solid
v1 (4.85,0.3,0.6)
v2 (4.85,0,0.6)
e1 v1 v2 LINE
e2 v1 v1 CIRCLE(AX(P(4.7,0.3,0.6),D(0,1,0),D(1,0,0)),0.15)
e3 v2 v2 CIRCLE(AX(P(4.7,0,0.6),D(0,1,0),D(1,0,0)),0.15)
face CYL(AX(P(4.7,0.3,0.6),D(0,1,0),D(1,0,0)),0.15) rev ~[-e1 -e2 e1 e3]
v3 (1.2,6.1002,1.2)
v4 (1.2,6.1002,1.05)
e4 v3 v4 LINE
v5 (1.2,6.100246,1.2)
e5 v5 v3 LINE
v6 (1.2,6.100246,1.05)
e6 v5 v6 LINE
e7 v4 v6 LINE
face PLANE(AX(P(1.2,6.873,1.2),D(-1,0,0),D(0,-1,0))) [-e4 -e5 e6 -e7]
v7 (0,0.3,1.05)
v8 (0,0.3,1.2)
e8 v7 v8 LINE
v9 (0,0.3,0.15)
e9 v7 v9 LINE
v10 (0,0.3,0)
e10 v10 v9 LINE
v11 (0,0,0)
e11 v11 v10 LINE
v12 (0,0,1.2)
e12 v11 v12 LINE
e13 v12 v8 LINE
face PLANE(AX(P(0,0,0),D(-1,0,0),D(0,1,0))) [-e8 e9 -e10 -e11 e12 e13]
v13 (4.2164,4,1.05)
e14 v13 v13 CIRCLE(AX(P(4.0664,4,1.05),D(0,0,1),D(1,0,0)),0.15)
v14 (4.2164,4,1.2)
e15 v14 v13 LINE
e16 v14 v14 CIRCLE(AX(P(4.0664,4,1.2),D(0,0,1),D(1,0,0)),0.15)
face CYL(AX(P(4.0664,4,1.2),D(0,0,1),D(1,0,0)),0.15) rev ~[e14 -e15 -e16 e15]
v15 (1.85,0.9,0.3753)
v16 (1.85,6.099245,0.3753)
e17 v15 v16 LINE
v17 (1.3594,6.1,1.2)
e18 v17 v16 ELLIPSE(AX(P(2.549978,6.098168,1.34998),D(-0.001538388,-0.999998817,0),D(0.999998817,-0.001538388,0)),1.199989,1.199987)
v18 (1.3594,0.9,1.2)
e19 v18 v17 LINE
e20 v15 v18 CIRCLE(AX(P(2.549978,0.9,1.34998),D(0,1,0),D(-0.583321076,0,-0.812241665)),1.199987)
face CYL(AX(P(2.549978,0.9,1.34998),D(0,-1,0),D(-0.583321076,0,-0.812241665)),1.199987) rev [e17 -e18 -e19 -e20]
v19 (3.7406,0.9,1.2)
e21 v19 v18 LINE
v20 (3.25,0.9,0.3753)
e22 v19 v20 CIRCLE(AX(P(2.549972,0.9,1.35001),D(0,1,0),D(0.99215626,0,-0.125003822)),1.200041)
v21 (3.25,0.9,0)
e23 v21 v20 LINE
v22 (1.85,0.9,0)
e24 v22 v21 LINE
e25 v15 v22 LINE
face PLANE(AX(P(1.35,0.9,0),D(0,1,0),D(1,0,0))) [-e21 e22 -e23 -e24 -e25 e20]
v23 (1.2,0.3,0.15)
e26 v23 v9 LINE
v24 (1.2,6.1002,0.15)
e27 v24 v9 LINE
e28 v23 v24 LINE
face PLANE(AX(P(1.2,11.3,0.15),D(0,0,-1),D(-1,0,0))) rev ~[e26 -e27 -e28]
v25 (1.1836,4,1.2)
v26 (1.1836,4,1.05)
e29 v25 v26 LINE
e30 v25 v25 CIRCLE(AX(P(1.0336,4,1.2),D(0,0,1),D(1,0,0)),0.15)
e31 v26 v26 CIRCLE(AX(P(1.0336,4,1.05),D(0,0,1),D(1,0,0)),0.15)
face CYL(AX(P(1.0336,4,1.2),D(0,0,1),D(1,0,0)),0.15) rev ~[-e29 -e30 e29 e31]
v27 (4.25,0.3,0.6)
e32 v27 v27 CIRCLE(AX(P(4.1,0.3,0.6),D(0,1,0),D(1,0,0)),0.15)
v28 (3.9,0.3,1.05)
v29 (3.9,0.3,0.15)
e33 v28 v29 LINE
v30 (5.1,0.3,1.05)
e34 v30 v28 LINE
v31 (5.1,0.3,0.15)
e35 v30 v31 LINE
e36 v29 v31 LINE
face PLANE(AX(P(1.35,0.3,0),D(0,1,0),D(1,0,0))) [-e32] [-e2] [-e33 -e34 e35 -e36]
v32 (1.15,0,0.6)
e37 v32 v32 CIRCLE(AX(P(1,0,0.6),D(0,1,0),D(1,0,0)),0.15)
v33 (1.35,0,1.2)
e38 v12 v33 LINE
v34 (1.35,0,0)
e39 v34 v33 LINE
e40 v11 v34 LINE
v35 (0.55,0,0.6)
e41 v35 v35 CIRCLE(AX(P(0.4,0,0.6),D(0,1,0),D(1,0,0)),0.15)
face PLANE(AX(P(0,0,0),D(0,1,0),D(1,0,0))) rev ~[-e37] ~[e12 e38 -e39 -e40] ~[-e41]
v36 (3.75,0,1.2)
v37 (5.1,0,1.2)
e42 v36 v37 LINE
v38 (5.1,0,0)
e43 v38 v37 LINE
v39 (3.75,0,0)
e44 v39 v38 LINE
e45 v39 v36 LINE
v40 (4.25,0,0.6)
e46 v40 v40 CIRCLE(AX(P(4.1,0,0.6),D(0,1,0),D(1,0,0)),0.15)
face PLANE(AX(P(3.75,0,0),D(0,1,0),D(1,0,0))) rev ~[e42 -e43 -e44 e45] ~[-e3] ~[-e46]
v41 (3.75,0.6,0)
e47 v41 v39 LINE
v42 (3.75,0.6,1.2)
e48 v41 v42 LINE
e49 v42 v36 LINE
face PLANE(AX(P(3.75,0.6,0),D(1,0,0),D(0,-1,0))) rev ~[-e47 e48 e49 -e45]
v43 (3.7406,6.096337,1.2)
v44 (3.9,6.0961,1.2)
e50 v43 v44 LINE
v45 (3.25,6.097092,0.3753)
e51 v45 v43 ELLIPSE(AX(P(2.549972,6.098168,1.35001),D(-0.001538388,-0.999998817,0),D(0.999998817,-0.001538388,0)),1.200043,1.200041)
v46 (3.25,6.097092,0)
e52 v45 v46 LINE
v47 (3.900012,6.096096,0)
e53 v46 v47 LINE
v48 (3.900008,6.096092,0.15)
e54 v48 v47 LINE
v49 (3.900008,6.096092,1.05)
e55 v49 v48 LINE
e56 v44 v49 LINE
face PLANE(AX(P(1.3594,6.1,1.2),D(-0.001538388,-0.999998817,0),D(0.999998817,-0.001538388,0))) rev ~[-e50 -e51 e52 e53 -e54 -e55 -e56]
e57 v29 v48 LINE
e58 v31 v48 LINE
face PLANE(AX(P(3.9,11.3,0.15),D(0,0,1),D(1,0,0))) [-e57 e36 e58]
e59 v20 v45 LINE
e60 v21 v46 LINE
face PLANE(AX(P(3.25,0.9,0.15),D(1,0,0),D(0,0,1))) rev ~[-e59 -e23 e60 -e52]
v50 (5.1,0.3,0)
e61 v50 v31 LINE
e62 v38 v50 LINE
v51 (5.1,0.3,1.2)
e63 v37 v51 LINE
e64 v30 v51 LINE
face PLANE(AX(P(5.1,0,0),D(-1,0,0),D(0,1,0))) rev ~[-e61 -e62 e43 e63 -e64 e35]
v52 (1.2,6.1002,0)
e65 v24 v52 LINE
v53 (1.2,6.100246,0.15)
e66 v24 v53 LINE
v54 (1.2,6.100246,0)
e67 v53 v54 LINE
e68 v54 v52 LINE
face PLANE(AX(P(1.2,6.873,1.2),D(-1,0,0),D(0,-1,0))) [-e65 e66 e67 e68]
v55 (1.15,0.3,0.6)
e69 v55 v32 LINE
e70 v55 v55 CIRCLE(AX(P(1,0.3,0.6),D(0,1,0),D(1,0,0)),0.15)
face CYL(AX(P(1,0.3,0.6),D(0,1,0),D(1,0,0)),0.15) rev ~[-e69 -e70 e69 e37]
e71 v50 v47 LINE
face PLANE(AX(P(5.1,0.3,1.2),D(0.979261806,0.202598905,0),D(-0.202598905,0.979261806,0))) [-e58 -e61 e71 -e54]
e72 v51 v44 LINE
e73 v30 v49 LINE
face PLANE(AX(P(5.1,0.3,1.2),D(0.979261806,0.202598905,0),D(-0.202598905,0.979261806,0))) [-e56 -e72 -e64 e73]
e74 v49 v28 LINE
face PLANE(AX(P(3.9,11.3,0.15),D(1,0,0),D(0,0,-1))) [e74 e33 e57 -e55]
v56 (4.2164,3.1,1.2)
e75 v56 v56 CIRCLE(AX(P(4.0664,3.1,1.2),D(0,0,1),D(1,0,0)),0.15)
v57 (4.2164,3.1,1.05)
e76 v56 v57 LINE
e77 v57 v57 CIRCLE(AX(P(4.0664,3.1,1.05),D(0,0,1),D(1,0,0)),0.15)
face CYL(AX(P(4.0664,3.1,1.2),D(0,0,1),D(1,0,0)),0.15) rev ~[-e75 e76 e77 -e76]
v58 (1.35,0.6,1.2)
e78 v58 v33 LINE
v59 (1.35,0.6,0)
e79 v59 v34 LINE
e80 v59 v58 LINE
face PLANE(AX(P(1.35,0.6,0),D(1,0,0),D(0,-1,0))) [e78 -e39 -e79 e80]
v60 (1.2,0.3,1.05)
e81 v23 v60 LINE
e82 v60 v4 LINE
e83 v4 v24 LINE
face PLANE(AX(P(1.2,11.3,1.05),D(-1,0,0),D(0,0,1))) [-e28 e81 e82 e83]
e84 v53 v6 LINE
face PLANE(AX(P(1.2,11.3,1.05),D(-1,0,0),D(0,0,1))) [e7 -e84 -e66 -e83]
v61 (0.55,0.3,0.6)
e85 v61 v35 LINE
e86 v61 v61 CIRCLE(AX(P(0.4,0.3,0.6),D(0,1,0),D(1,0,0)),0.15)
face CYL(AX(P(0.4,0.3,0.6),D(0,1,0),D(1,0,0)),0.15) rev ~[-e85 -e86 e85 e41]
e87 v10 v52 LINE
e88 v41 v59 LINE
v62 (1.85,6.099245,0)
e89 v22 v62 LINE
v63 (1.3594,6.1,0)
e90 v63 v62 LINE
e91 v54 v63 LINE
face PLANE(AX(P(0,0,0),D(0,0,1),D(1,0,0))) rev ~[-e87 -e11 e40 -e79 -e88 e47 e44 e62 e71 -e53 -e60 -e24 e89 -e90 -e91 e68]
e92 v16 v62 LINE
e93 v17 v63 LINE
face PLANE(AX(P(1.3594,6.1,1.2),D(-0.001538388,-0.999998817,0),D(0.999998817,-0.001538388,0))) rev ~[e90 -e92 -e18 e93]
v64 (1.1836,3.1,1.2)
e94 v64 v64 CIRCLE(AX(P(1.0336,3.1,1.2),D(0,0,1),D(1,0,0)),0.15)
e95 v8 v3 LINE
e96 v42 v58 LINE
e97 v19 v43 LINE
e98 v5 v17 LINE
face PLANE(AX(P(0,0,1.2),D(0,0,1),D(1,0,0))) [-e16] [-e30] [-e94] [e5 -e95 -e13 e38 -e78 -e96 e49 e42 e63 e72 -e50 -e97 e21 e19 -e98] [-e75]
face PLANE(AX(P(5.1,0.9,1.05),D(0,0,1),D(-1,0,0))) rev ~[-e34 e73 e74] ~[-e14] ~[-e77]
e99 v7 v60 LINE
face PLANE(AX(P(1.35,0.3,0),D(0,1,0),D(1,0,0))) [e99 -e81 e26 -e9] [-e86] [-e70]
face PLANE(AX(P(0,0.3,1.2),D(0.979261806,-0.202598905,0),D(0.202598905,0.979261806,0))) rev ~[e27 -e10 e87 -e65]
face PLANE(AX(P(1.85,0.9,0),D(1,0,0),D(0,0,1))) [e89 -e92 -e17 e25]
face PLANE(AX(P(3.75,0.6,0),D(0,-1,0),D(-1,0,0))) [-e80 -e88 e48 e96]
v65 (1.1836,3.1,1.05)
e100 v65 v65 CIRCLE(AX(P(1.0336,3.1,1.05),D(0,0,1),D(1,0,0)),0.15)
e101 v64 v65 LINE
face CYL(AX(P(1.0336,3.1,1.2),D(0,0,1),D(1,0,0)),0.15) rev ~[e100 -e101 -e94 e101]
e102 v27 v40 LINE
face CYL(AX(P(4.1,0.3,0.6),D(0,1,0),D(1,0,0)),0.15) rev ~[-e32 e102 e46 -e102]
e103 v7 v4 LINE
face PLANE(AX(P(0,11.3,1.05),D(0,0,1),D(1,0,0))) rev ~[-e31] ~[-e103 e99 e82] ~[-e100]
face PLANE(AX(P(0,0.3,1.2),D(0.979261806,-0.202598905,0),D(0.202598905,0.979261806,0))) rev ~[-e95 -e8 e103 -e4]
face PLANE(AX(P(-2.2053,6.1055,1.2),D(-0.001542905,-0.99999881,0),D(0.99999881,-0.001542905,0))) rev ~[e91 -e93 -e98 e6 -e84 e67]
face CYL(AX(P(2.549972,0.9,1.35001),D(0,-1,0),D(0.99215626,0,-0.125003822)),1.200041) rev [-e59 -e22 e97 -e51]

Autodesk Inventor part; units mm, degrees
ref_plane "YZ Plane" through (0, 0, 0) normal (1, 0, 0) x (0, 1, 0)
ref_plane "XZ Plane" through (0, 0, 0) normal (0, 1, 0) x (-1, 0, 0)
ref_plane "XY Plane" through (0, 0, 0) normal (0, 0, 1) x (1, 0, 0)
sketch "Boceto1" plane through (0, 0, 0) normal (0, 0, 1) x (1, 0, 0)
  line L0 (0, 0) -> (0, 0.3)
  line L1 (1.35, 0.9) -> (1.35, 11.3)
  line L2 (1.35, 11.3) -> (0, 0.3)
  line L3 (3.75, 0.9) -> (3.75, 11.3)
  line L4 (3.75, 11.3) -> (5.1, 0.3)
  line L5 (5.1, 0) -> (5.1, 0.3)
  line L6 (1.35, 0.9) -> (3.75, 0.9)
  line L7 (3.75, 0.6) -> (1.35, 0.6)
  line L8 (3.75, 0.6) -> (3.75, 0)
  line L9 (1.35, 0.6) -> (1.35, 0)
  line L10 (0, 0) -> (1.35, 0)
  line L11 (3.75, 0) -> (5.1, 0)
  line L12 (1.35, 11.3) -> (1.85, 11.3)
  line L13 (1.85, 11.3) -> (1.85, 0.9)
  line L14 (3.75, 11.3) -> (3.25, 11.3)
  line L15 (3.25, 11.3) -> (3.25, 0.9)
extrude "Extrusión1" add sketch "Boceto1" along normal blind 1.2 contours L0 L2 L1 L6 L3 L4 L5 L11 L8 L7 L9 L10
sketch "Boceto2" plane through (1.35, 0.9, 0) normal (0, 1, 0) x (1, 0, 0)
  line L0 (2.55, 0) -> (-0.15, 0)
  line L1 (-0.15, 0) -> (-0.15, -1.2)
  line L2 (-0.15, -1.2) -> (2.55, -1.2)
  line L3 (2.55, -1.2) -> (2.55, 0)
  line L4 (0, 0) -> (0, -1.2)
  line L5 (2.4, 0) -> (2.4, -1.2)
  line L6 (-0.15, -1.2) -> (-1.35, -1.2)
  line L7 (-1.35, -1.2) -> (-1.35, 0)
  line L8 (-1.35, 0) -> (-0.15, 0)
  line L9 (-0.15, 0) -> (-0.15, -0.15)
  line L10 (-0.15, -0.15) -> (-1.35, -0.15)
  line L11 (-1.35, -1.05) -> (-0.15, -1.05)
  line L12 (2.55, -1.2) -> (3.75, -1.2)
  line L13 (3.75, -1.2) -> (3.75, 0)
  line L14 (3.75, 0) -> (2.55, 0)
  line L15 (2.55, -0.15) -> (3.75, -0.15)
  line L16 (3.75, -1.05) -> (2.55, -1.05)
  line L17 (2.4, 0) -> (1.9, 0)
  line L18 (1.9, 0) -> (1.9, -0.15)
  line L19 (0, 0) -> (0.5, 0)
  line L20 (0.5, 0) -> (0.5, -0.15)
  arc A0 (2.3906, -1.2) -> (1.9, -0.3753) centre (1.2, -1.35) ccw
  line L21 (0, -1.2) -> (0.0094, -1.2)
  line L22 (0.5, -0.15) -> (0.5, -0.3753)
  line L23 (1.9, -0.15) -> (1.9, -0.3753)
  line L24 (2.4, -1.2) -> (2.3906, -1.2)
  arc A1 (0.5, -0.3753) -> (0.0094, -1.2) centre (1.2, -1.35) ccw
  line L25 (0, 0) -> (-1.35, 0) projected
  line L26 (-1.35, 0) -> (-1.35, -1.2) projected
  line L27 (0, -1.2) -> (-1.35, -1.2) projected
  line L28 (0, 0) -> (0, -1.2) projected
  line L29 (3.75, 0) -> (2.4, 0) projected
  line L30 (2.4, 0) -> (2.4, -1.2) projected
  line L31 (3.75, -1.2) -> (2.4, -1.2) projected
  line L32 (3.75, 0) -> (3.75, -1.2) projected
  line L33 (2.4, 0) -> (0, 0) projected
  line L34 (0, 0) -> (0, -1.2) projected
  line L35 (2.4, -1.2) -> (0, -1.2) projected
  line L36 (2.4, 0) -> (2.4, -1.2) projected
extrude "Extrusión2" cut sketch "Boceto2" along normal blind 12 contours L15 L13 L16 L3 | L1 L11 L7 L10
sketch "Boceto3" plane through (1.35, 0.9, 0) normal (0, 1, 0) x (1, 0, 0)
  line L0 (2.55, 0) -> (-0.15, 0)
  line L1 (-0.15, 0) -> (-0.15, -1.2)
  line L2 (-0.15, -1.2) -> (2.55, -1.2)
  line L3 (2.55, -1.2) -> (2.55, 0)
  line L4 (0, 0) -> (0, -1.2)
  line L5 (2.4, 0) -> (2.4, -1.2)
  line L6 (-0.15, -1.2) -> (-1.35, -1.2)
  line L7 (-1.35, -1.2) -> (-1.35, 0)
  line L8 (-1.35, 0) -> (-0.15, 0)
  line L9 (-0.15, 0) -> (-0.15, -0.15)
  line L10 (-0.15, -0.15) -> (-1.35, -0.15)
  line L11 (-1.35, -1.05) -> (-0.15, -1.05)
  line L12 (2.55, -1.2) -> (3.75, -1.2)
  line L13 (3.75, -1.2) -> (3.75, 0)
  line L14 (3.75, 0) -> (2.55, 0)
  line L15 (2.55, -0.15) -> (3.75, -0.15)
  line L16 (3.75, -1.05) -> (2.55, -1.05)
  line L17 (2.4, 0) -> (1.9, 0)
  line L18 (1.9, 0) -> (1.9, -0.15)
  line L19 (0, 0) -> (0.5, 0)
  line L20 (0.5, 0) -> (0.5, -0.15)
  arc A0 (2.3906, -1.2) -> (1.9, -0.3753) centre (1.2, -1.35) ccw
  line L21 (0, -1.2) -> (0.0094, -1.2)
  line L22 (0.5, -0.15) -> (0.5, -0.3753)
  line L23 (1.9, -0.15) -> (1.9, -0.3753)
  line L24 (2.4, -1.2) -> (2.3906, -1.2)
  arc A1 (0.5, -0.3753) -> (0.0094, -1.2) centre (1.2, -1.35) ccw
  line L25 (0, 0) -> (-1.35, 0)
  line L26 (-1.35, 0) -> (-1.35, -1.2)
  line L27 (0, -1.2) -> (-1.35, -1.2)
  line L28 (0, 0) -> (0, -1.2)
  line L29 (3.75, 0) -> (2.4, 0)
  line L30 (2.4, 0) -> (2.4, -1.2)
  line L31 (3.75, -1.2) -> (2.4, -1.2)
  line L32 (3.75, 0) -> (3.75, -1.2)
  line L33 (2.4, 0) -> (0, 0)
  line L34 (0, 0) -> (0, -1.2)
  line L35 (2.4, -1.2) -> (0, -1.2)
  line L36 (2.4, 0) -> (2.4, -1.2)
extrude "Extrusión3" add sketch "Boceto3" along normal blind 10.4 contours L5 L2 A0 L23 L18 L0 | L20 L22 A1 L2 L4 L0
sketch "Boceto4" plane through (1.35, 11.3, 0) normal (0, 1, 0) x (1, 0, 0)
  line L0 (0, 0) -> (0, -1.2) projected
  line L1 (0, -1.2) -> (0.0094, -1.2) projected
  arc A0 (0.5, -0.3753) -> (0.0094, -1.2) centre (1.2, -1.35) ccw projected
  line L2 (0.5, -0.3753) -> (0.5, 0) projected
  line L3 (0.5, 0) -> (0, 0) projected
  line L4 (2.4, 0) -> (1.9, 0) projected
  line L5 (1.9, 0) -> (1.9, -0.3753) projected
  arc A1 (2.3906, -1.2) -> (1.9, -0.3753) centre (1.2, -1.35) ccw projected
  line L6 (2.3906, -1.2) -> (2.4, -1.2) projected
  line L7 (2.4, 0) -> (2.4, -1.2) projected
  line L8 (2.55, 0) -> (-0.15, 0)
  line L9 (-0.15, 0) -> (-0.15, -1.2)
  line L10 (-0.15, -1.2) -> (2.55, -1.2)
  line L11 (2.55, -1.2) -> (2.55, 0)
  line L12 (0, 0) -> (0, -1.2)
  line L13 (2.4, 0) -> (2.4, -1.2)
  line L14 (-0.15, -1.2) -> (-1.35, -1.2)
  line L15 (-1.35, -1.2) -> (-1.35, 0)
  line L16 (-1.35, 0) -> (-0.15, 0)
  line L17 (-0.15, 0) -> (-0.15, -0.15)
  line L18 (-0.15, -0.15) -> (-1.35, -0.15)
  line L19 (-1.35, -1.05) -> (-0.15, -1.05)
  line L20 (2.55, -1.2) -> (3.75, -1.2)
  line L21 (3.75, -1.2) -> (3.75, 0)
  line L22 (3.75, 0) -> (2.55, 0)
  line L23 (2.55, -0.15) -> (3.75, -0.15)
  line L24 (3.75, -1.05) -> (2.55, -1.05)
  line L25 (2.4, 0) -> (1.9, 0)
  line L26 (1.9, 0) -> (1.9, -0.15)
  line L27 (0, 0) -> (0.5, 0)
  line L28 (0.5, 0) -> (0.5, -0.15)
  arc A2 (2.3906, -1.2) -> (1.9, -0.3753) centre (1.2, -1.35) ccw
  line L29 (0, -1.2) -> (0.0094, -1.2)
  line L30 (0.5, -0.15) -> (0.5, -0.3753)
  line L31 (1.9, -0.15) -> (1.9, -0.3753)
  line L32 (2.4, -1.2) -> (2.3906, -1.2)
  arc A3 (0.5, -0.3753) -> (0.0094, -1.2) centre (1.2, -1.35) ccw
  point P0 (-1.35, 0)
extrude "Extrusión4" add sketch "Boceto4" against normal blind 10.4 contours L0 L10 L9 L8 | L8 L11 L10 L7
sketch "Boceto5" plane through (1.35, 11.3, 0) normal (0, 1, 0) x (1, 0, 0)
  line L0 (2.55, 0) -> (-0.15, 0)
  line L1 (-0.15, 0) -> (-0.15, -1.2)
  line L2 (-0.15, -1.2) -> (2.55, -1.2)
  line L3 (0, 0) -> (0, -1.2)
  line L4 (2.4, 0) -> (2.4, -1.2)
  line L5 (0, -1.2) -> (0.0094, -1.2)
  line L6 (0.5, -0.15) -> (0.5, -0.3753)
  line L7 (0, 0) -> (0.5, 0)
  line L8 (0.5, 0) -> (0.5, -0.15)
  arc A0 (0.5, -0.3753) -> (0.0094, -1.2) centre (1.2, -1.35) ccw
  line L9 (2.4, -1.2) -> (0, -1.2)
  line L10 (2.4, 0) -> (0, 0)
  line L11 (1.9, 0) -> (1.9, -0.15)
  line L12 (2.4, 0) -> (1.9, 0)
  line L13 (-0.15, -1.2) -> (-1.35, -1.2)
  line L14 (-1.35, -1.2) -> (-1.35, 0)
  line L15 (-1.35, 0) -> (-0.15, 0)
  line L16 (-0.15, 0) -> (-0.15, -0.15)
  line L17 (0, 0) -> (0, -1.2)
  line L18 (0, 0) -> (-1.35, 0)
  line L19 (-0.15, -0.15) -> (-1.35, -0.15)
  line L20 (-1.35, -1.05) -> (-0.15, -1.05)
  line L21 (-1.35, 0) -> (-1.35, -1.2)
  line L22 (0, -1.2) -> (-1.35, -1.2)
  line L23 (0, 0) -> (0, -1.2)
  line L24 (2.55, -1.2) -> (2.55, 0)
  line L25 (2.55, -1.2) -> (3.75, -1.2)
  line L26 (3.75, -1.2) -> (3.75, 0)
  line L27 (3.75, 0) -> (2.55, 0)
  line L28 (2.55, -0.15) -> (3.75, -0.15)
  line L29 (3.75, -1.05) -> (2.55, -1.05)
  line L30 (1.9, -0.15) -> (1.9, -0.3753)
  arc A1 (2.3906, -1.2) -> (1.9, -0.3753) centre (1.2, -1.35) ccw
  line L31 (2.4, -1.2) -> (2.3906, -1.2)
  line L32 (2.4, 0) -> (2.4, -1.2)
  line L33 (2.4, 0) -> (2.4, -1.2)
  line L34 (3.75, -1.2) -> (2.4, -1.2)
  line L35 (3.75, 0) -> (3.75, -1.2)
  line L36 (3.75, 0) -> (2.4, 0)
extrude "Extrusión5" cut sketch "Boceto5" against normal blind 11 contours L28 L26 L29 L24 | L1 L20 L14 L19
sketch "Boceto6" plane through (1.35, 0.3, 0) normal (0, 1, 0) x (1, 0, 0)
  line L0 (2.55, 0) -> (-0.15, 0)
  line L1 (-0.15, 0) -> (-0.15, -1.2)
  line L2 (-0.15, -1.2) -> (2.55, -1.2)
  line L3 (2.55, -1.2) -> (2.55, 0)
  line L4 (0, 0) -> (0, -1.2)
  line L5 (2.4, 0) -> (2.4, -1.2)
  line L6 (-0.15, -1.2) -> (-1.35, -1.2)
  line L7 (-1.35, -1.2) -> (-1.35, 0)
  line L8 (-1.35, 0) -> (-0.15, 0)
  line L9 (-0.15, 0) -> (-0.15, -0.15)
  line L10 (-0.15, -0.15) -> (-1.35, -0.15)
  line L11 (-1.35, -1.05) -> (-0.15, -1.05)
  line L12 (2.55, -1.2) -> (3.75, -1.2)
  line L13 (3.75, -1.2) -> (3.75, 0)
  line L14 (3.75, 0) -> (2.55, 0)
  line L15 (2.55, -0.15) -> (3.75, -0.15)
  line L16 (3.75, -1.05) -> (2.55, -1.05)
  line L17 (2.4, 0) -> (1.9, 0)
  line L18 (1.9, 0) -> (1.9, -0.15)
  line L19 (0, 0) -> (0.5, 0)
  line L20 (0.5, 0) -> (0.5, -0.15)
  arc A0 (2.3906, -1.2) -> (1.9, -0.3753) centre (1.2, -1.35) ccw
  line L21 (0, -1.2) -> (0.0094, -1.2)
  line L22 (0.5, -0.15) -> (0.5, -0.3753)
  line L23 (1.9, -0.15) -> (1.9, -0.3753)
  line L24 (2.4, -1.2) -> (2.3906, -1.2)
  arc A1 (0.5, -0.3753) -> (0.0094, -1.2) centre (1.2, -1.35) ccw
  circle A2 centre (2.75, -0.6) radius 0.15
  circle A3 centre (3.35, -0.6) radius 0.15
  circle A4 centre (-0.35, -0.6) radius 0.15
  circle A5 centre (-0.95, -0.6) radius 0.15
  line L25 (-1.35, 0) -> (-1.35, -0.15) projected
  line L26 (-1.35, -0.15) -> (-1.35, -1.05) projected
  line L27 (-1.35, -1.05) -> (-1.35, -1.2) projected
extrude "Extrusión6" cut sketch "Boceto6" against normal blind 10 contours A2 | A3 | A4 | A5
sketch "Boceto7" plane through (0, 0, 1.2) normal (0, 0, 1) x (1, 0, 0)
  line L0 (0, 0) -> (1.35, 0) projected
  line L1 (1.35, 0) -> (1.3594, 6.1)
  line L2 (1.3594, 0.9) -> (1.3594, 11.3) projected
  line L3 (1.3594, 6.1) -> (7.7947, 6.0901)
  line L4 (7.7947, 6.0901) -> (7.8047, 12.5901)
  line L5 (7.8047, 12.5901) -> (-2.1953, 12.6055)
  line L6 (-2.1953, 12.6055) -> (-2.2053, 6.1055)
  line L7 (-2.2053, 6.1055) -> (1.3594, 6.1)
  dimension "d12" = 6.1
  dimension "d13" = 6.5
  dimension "d14" = 10
extrude "Extrusión7" cut sketch "Boceto7" against normal blind 10
sketch "Boceto8" plane through (0, 0, 1.2) normal (0, 0, 1) x (1, 0, 0)
  line L0 (1.2, 6.1002) -> (1.2, 0.3) projected
  line L1 (3.9, 6.0961) -> (3.9, 0.3) projected
  line L2 (0, 0.3) -> (0, 0) projected
  line L3 (5.1, 0) -> (5.1, 0.3) projected
  line L4 (0, 0.3) -> (1.2, 6.1002)
  line L5 (1.2, 6.873) -> (1.2, 6.1002)
  line L6 (0, 0.3) -> (-0.3806, 0.3)
  line L7 (-0.3806, 0.3) -> (-0.3806, 6.873)
  line L8 (-0.3806, 6.873) -> (1.2, 6.873)
  line L9 (3.25, 0.9) -> (1.85, 0.9) projected
  line L10 (2.55, 0.9) -> (2.55, 4.8471)
  line L11 (3.9, 6.1002) -> (3.9, 0.3)
  line L12 (5.1, 0.3) -> (5.1, 0)
  line L13 (5.1, 0.3) -> (3.9, 6.1002)
  line L14 (3.9, 6.873) -> (3.9, 6.1002)
  line L15 (5.1, 0.3) -> (5.4806, 0.3)
  line L16 (5.4806, 0.3) -> (5.4806, 6.873)
  line L17 (5.4806, 6.873) -> (3.9, 6.873)
extrude "Extrusión8" cut sketch "Boceto8" against normal blind 10
sketch "Boceto9" plane through (0, 0, 1.2) normal (0, 0, 1) x (1, 0, 0)
  line L0 (0, 0) -> (0, 0.3)
  line L1 (1.35, 0.9) -> (1.35, 6.1)
  line L2 (1.2, 6.1) -> (0, 0.3)
  line L3 (3.75, 0.9) -> (3.75, 6.1)
  line L4 (3.9, 6.1) -> (5.1, 0.3)
  line L5 (5.1, 0) -> (5.1, 0.3)
  line L6 (1.35, 0.9) -> (3.75, 0.9)
  line L7 (3.75, 0.6) -> (1.35, 0.6)
  line L8 (3.75, 0.6) -> (3.75, 0)
  line L9 (1.35, 0.6) -> (1.35, 0)
  line L10 (0, 0) -> (1.35, 0)
  line L11 (3.75, 0) -> (5.1, 0)
  line L12 (1.85, 6.1) -> (1.85, 0.9)
  line L13 (3.25, 6.1) -> (3.25, 0.9)
  line L14 (1.2, 6.1) -> (1.85, 6.1)
  line L15 (3.25, 6.1) -> (3.75, 6.1)
  line L16 (1.35, 6.1) -> (1.2, 6.1)
  line L17 (3.75, 6.1) -> (3.9, 6.1)
  circle A0 centre (1.0336, 4) radius 0.15
  circle A1 centre (1.0336, 3.1) radius 0.15
  circle A2 centre (4.0664, 4) radius 0.15
  circle A3 centre (4.0664, 3.1) radius 0.15
  line L18 (1.35, 0.6) -> (3.75, 0.6) projected
  point P0 (0, 0)
extrude "Extrusión9" cut sketch "Boceto9" against normal blind 0.5 contours A0 | A1 | A2 | A3
properties part number "learnbotEncajeBateria"
